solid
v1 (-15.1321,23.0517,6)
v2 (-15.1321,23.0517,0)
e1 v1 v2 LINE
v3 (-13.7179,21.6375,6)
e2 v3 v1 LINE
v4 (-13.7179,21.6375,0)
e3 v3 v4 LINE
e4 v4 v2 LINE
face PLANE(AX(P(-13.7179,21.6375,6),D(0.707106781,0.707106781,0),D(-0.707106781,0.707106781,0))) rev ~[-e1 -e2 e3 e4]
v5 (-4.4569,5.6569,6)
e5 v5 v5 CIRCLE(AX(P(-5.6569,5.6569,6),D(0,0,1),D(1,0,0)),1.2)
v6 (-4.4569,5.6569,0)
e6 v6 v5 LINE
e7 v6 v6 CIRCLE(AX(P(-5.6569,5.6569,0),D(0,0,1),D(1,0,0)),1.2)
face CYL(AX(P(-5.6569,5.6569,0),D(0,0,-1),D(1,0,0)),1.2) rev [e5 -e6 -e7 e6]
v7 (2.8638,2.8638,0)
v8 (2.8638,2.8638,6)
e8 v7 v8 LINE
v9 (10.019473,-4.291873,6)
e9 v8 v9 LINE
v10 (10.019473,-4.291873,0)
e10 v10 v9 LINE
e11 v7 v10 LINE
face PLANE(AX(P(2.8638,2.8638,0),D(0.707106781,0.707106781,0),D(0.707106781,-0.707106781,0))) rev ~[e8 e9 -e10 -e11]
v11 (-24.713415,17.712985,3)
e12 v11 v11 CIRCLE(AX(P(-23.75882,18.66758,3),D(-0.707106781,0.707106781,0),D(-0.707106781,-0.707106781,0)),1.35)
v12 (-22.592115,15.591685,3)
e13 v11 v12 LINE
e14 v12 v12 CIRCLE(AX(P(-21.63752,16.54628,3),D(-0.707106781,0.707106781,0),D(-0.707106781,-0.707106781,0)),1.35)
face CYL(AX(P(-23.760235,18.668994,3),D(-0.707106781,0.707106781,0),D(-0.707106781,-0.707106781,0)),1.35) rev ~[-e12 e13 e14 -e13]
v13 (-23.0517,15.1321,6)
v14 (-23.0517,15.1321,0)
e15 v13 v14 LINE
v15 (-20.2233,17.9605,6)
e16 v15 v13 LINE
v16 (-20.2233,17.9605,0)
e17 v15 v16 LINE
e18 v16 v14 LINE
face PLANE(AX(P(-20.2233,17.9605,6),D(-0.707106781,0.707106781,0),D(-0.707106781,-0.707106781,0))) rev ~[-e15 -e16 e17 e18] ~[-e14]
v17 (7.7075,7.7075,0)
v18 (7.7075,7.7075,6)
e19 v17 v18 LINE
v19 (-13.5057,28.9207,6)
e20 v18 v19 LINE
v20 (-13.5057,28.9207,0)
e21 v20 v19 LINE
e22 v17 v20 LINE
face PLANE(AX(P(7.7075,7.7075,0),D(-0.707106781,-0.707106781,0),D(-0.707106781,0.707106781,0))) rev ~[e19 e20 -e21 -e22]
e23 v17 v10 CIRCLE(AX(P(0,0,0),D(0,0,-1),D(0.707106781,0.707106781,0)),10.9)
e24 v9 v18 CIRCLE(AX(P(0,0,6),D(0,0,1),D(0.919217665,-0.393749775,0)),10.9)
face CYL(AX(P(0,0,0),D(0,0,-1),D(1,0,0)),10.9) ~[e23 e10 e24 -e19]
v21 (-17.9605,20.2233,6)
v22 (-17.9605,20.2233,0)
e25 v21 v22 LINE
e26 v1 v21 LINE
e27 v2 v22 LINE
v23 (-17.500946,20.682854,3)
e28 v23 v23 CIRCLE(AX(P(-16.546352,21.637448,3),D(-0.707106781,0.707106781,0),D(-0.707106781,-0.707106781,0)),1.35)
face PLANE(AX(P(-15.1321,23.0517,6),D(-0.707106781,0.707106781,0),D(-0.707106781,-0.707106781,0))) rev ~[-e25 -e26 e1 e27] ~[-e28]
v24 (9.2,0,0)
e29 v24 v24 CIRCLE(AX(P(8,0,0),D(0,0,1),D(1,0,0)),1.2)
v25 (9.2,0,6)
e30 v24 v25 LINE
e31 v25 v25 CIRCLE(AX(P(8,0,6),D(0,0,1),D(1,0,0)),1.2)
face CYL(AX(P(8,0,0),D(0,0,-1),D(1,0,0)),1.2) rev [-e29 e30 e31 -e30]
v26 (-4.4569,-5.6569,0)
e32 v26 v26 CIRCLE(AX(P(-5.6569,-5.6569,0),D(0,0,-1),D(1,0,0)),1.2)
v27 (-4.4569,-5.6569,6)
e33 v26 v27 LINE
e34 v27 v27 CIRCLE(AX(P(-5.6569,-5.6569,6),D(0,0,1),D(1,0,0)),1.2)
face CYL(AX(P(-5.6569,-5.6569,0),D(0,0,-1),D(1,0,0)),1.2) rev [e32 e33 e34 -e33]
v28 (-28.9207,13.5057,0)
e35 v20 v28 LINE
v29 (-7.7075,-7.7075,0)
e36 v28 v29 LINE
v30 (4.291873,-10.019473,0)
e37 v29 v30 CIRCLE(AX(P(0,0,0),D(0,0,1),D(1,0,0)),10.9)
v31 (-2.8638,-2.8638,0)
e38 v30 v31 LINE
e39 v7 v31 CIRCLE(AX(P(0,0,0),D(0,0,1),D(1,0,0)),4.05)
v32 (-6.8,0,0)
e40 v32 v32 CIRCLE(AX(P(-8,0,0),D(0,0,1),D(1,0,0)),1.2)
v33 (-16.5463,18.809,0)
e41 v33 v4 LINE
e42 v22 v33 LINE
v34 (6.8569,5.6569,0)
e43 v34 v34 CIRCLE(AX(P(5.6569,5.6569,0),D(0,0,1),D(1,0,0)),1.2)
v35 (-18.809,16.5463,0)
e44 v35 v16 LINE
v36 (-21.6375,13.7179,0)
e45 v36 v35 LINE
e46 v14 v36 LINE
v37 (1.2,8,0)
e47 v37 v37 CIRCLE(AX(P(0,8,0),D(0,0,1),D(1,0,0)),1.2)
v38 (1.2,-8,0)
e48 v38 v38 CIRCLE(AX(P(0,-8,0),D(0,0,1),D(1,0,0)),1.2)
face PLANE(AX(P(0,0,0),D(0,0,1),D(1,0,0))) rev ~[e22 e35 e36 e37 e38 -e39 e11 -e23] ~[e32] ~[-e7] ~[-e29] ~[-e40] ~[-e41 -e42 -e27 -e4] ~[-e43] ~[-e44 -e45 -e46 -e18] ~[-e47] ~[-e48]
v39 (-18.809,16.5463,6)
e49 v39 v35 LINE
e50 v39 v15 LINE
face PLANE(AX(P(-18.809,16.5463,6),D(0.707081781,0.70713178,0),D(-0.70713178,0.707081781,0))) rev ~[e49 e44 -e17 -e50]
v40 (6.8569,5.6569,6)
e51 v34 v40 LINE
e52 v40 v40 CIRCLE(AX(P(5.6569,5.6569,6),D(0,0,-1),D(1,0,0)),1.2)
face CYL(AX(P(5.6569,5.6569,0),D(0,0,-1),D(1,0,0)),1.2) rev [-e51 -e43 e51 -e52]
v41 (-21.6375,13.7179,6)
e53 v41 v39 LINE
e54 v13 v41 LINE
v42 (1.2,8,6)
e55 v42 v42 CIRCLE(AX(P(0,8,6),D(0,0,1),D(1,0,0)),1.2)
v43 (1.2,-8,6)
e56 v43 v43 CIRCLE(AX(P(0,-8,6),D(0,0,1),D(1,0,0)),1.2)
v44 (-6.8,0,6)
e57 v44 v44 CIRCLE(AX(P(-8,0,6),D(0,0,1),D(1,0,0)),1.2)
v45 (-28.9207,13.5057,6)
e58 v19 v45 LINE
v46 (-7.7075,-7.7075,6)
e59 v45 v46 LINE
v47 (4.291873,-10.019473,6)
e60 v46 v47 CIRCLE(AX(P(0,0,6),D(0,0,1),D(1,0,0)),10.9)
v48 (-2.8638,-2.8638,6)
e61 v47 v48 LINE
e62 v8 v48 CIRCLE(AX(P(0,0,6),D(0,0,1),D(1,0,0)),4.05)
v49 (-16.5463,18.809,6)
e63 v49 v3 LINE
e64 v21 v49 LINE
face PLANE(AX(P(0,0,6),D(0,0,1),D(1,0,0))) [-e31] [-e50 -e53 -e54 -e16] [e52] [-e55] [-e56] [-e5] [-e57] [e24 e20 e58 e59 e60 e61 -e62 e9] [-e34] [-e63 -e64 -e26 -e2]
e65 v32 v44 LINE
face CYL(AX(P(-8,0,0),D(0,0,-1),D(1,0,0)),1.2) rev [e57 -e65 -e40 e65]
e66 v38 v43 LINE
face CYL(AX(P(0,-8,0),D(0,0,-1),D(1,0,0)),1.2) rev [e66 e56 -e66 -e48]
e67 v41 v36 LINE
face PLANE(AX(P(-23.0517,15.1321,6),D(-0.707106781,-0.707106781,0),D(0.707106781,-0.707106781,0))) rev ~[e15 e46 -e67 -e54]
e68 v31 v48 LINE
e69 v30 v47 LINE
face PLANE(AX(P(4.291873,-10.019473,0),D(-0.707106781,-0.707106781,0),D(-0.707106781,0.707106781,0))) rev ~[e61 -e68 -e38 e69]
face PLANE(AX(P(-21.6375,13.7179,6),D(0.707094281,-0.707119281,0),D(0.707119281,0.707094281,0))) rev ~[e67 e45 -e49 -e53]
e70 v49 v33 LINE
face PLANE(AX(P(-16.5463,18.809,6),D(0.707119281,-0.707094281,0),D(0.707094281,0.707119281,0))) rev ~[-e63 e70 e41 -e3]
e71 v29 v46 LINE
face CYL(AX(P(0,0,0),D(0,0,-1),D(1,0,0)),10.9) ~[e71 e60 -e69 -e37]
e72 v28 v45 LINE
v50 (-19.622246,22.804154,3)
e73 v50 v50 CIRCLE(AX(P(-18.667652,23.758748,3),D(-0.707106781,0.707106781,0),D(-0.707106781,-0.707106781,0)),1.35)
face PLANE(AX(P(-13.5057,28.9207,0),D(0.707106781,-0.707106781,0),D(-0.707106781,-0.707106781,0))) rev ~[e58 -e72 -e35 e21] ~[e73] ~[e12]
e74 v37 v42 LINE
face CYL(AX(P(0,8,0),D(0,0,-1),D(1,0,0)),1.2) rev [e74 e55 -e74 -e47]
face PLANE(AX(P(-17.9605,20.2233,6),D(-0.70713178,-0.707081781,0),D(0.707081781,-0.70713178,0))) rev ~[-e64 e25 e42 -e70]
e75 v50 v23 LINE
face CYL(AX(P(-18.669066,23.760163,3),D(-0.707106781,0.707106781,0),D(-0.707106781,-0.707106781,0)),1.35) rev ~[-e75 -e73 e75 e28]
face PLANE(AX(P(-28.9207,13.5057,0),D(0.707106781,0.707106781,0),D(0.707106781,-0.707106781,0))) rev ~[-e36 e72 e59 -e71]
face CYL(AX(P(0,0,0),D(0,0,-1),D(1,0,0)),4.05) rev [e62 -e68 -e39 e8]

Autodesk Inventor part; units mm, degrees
ref_plane "YZ Plane" through (0, 0, 0) normal (1, 0, 0) x (0, 1, 0)
ref_plane "XZ Plane" through (0, 0, 0) normal (0, 1, 0) x (-1, 0, 0)
ref_plane "XY Plane" through (0, 0, 0) normal (0, 0, 1) x (1, 0, 0)
sketch "스케치1" plane through (0, 0, 0) normal (0, 0, 1) x (1, 0, 0)
  circle A0 centre (-5.6569, -5.6569) radius 1.2 projected
  circle A1 centre (5.6569, -5.6569) radius 1.2 projected
  circle A2 centre (5.6569, 5.6569) radius 1.2 projected
  circle A3 centre (-5.6569, 5.6569) radius 1.2 projected
  circle A4 centre (0, 0) radius 4 projected
  circle A5 centre (0, 0) radius 10.9 projected
  circle A6 centre (0, 8) radius 1.2 projected
  circle A7 centre (8, 0) radius 1.2 projected
  circle A8 centre (0, -8) radius 1.2 projected
  circle A9 centre (-8, 0) radius 1.2 projected
  circle A10 centre (0, 0) radius 4.05
  line L0 (-5.6569, -5.6569) -> (5.6569, 5.6569)
  line L1 (-2.8638, -2.8638) -> (2.8638, 2.8638)
  line L2 (2.8638, 2.8638) -> (13.4704, -7.7428)
  line L3 (13.4704, -7.7428) -> (7.7428, -13.4704)
  line L4 (7.7428, -13.4704) -> (-2.8638, -2.8638)
  line L5 (-5.6569, -5.6569) -> (-8.1671, -8.1671)
  line L6 (5.6569, 5.6569) -> (8.1671, 8.1671)
  line L7 (-7.7075, -7.7075) -> (7.7075, 7.7075)
  line L8 (7.7075, 7.7075) -> (-13.5057, 28.9207)
  line L9 (-13.5057, 28.9207) -> (-28.9207, 13.5057)
  line L10 (-28.9207, 13.5057) -> (-7.7075, -7.7075)
  point P0 (0, 0)
  point P1 (10.0195, -4.2919)
  point P2 (4.2919, -10.0195)
  dimension "d0" = 8.1
  dimension "d1" = 15
  dimension "d2" = 30
extrude "돌출1" add sketch "스케치1" along normal blind 6 contours A0 L0 L4 A5 L5 | A0 L5 A5 L6 A2 L0 A10 | L10 L9 L8 A5 | L0 A2 L6 A5 L2
sketch "스케치4" plane through (-28.9207, 13.5057, 0) normal (-0.7071, 0.7071, 0) x (-0.7071, -0.7071, 0)
  line L0 (0, 6) -> (-7.3, 6) projected
  line L1 (-21.8, 6) -> (0, 6) projected
  line L2 (-21.8, 0) -> (0, 0) projected
  line L3 (0, 0) -> (0, 6) projected
  line L4 (-21.8, 6) -> (0, 6) projected
  line L5 (-21.8, 0) -> (-21.8, 6) projected
  line L6 (-21.8, 0) -> (-14.5, 0)
  line L7 (-14.5, 0) -> (-14.5, 6)
  line L8 (-14.5, 0) -> (-14.5, 6)
  line L9 (-14.5, 6) -> (-7.3, 6)
  line L10 (-7.3, 6) -> (-7.3, 0)
  line L11 (-7.3, 0) -> (-14.5, 0)
  line L12 (-14.5, 6) -> (-14.5, 3)
  line L13 (-7.3, 3) -> (-14.5, 3)
  circle A0 centre (-7.3, 3) radius 1.35
  circle A1 centre (-14.5, 3) radius 1.35
  point P0 (-10.9, 0)
  dimension "d19" = 7.3
  dimension "d20" = 2.7
  dimension "d21" = 2.7
extrude "돌출3" cut sketch "스케치4" against normal blind 4 contours A0 L10 | L10 L13 A0 | A1 L13 L7 | L7 A1 | L10 A0 L13 | L13 A1 L7
sketch "스케치5" plane through (0, 0, 6) normal (0, 0, 1) x (1, 0, 0)
  line L0 (-21.885, 14.8846) -> (-19.9758, 16.7938) projected
  line L1 (-16.7938, 19.9758) -> (-14.8846, 21.885) projected
  line L2 (-18.809, 16.5463) -> (-20.2233, 17.9605)
  line L3 (-20.2233, 17.9605) -> (-23.0517, 15.1321)
  line L4 (-23.0517, 15.1321) -> (-21.6375, 13.7179)
  line L5 (-21.6375, 13.7179) -> (-18.809, 16.5463)
  line L6 (-18.809, 16.5463) -> (-23.0517, 15.1321) construction
  line L7 (-20.2233, 17.9605) -> (-21.6375, 13.7179) construction
  line L8 (-13.7179, 21.6375) -> (-15.1321, 23.0517)
  line L9 (-15.1321, 23.0517) -> (-17.9605, 20.2233)
  line L10 (-17.9605, 20.2233) -> (-16.5463, 18.809)
  line L11 (-16.5463, 18.809) -> (-13.7179, 21.6375)
  line L12 (-13.7179, 21.6375) -> (-17.9605, 20.2233) construction
  line L13 (-15.1321, 23.0517) -> (-16.5463, 18.809) construction
  point P0 (0, 0)
  point P1 (-20.9304, 15.8392)
  point P2 (-15.8392, 20.9304)
  dimension "d24" = 2
  dimension "d25" = 4
  dimension "d26" = 2
  dimension "d27" = 4
extrude "돌출4" cut sketch "스케치5" against normal blind 6
properties part number "_armpit_adt_1" material "PMMA 플라스틱"
